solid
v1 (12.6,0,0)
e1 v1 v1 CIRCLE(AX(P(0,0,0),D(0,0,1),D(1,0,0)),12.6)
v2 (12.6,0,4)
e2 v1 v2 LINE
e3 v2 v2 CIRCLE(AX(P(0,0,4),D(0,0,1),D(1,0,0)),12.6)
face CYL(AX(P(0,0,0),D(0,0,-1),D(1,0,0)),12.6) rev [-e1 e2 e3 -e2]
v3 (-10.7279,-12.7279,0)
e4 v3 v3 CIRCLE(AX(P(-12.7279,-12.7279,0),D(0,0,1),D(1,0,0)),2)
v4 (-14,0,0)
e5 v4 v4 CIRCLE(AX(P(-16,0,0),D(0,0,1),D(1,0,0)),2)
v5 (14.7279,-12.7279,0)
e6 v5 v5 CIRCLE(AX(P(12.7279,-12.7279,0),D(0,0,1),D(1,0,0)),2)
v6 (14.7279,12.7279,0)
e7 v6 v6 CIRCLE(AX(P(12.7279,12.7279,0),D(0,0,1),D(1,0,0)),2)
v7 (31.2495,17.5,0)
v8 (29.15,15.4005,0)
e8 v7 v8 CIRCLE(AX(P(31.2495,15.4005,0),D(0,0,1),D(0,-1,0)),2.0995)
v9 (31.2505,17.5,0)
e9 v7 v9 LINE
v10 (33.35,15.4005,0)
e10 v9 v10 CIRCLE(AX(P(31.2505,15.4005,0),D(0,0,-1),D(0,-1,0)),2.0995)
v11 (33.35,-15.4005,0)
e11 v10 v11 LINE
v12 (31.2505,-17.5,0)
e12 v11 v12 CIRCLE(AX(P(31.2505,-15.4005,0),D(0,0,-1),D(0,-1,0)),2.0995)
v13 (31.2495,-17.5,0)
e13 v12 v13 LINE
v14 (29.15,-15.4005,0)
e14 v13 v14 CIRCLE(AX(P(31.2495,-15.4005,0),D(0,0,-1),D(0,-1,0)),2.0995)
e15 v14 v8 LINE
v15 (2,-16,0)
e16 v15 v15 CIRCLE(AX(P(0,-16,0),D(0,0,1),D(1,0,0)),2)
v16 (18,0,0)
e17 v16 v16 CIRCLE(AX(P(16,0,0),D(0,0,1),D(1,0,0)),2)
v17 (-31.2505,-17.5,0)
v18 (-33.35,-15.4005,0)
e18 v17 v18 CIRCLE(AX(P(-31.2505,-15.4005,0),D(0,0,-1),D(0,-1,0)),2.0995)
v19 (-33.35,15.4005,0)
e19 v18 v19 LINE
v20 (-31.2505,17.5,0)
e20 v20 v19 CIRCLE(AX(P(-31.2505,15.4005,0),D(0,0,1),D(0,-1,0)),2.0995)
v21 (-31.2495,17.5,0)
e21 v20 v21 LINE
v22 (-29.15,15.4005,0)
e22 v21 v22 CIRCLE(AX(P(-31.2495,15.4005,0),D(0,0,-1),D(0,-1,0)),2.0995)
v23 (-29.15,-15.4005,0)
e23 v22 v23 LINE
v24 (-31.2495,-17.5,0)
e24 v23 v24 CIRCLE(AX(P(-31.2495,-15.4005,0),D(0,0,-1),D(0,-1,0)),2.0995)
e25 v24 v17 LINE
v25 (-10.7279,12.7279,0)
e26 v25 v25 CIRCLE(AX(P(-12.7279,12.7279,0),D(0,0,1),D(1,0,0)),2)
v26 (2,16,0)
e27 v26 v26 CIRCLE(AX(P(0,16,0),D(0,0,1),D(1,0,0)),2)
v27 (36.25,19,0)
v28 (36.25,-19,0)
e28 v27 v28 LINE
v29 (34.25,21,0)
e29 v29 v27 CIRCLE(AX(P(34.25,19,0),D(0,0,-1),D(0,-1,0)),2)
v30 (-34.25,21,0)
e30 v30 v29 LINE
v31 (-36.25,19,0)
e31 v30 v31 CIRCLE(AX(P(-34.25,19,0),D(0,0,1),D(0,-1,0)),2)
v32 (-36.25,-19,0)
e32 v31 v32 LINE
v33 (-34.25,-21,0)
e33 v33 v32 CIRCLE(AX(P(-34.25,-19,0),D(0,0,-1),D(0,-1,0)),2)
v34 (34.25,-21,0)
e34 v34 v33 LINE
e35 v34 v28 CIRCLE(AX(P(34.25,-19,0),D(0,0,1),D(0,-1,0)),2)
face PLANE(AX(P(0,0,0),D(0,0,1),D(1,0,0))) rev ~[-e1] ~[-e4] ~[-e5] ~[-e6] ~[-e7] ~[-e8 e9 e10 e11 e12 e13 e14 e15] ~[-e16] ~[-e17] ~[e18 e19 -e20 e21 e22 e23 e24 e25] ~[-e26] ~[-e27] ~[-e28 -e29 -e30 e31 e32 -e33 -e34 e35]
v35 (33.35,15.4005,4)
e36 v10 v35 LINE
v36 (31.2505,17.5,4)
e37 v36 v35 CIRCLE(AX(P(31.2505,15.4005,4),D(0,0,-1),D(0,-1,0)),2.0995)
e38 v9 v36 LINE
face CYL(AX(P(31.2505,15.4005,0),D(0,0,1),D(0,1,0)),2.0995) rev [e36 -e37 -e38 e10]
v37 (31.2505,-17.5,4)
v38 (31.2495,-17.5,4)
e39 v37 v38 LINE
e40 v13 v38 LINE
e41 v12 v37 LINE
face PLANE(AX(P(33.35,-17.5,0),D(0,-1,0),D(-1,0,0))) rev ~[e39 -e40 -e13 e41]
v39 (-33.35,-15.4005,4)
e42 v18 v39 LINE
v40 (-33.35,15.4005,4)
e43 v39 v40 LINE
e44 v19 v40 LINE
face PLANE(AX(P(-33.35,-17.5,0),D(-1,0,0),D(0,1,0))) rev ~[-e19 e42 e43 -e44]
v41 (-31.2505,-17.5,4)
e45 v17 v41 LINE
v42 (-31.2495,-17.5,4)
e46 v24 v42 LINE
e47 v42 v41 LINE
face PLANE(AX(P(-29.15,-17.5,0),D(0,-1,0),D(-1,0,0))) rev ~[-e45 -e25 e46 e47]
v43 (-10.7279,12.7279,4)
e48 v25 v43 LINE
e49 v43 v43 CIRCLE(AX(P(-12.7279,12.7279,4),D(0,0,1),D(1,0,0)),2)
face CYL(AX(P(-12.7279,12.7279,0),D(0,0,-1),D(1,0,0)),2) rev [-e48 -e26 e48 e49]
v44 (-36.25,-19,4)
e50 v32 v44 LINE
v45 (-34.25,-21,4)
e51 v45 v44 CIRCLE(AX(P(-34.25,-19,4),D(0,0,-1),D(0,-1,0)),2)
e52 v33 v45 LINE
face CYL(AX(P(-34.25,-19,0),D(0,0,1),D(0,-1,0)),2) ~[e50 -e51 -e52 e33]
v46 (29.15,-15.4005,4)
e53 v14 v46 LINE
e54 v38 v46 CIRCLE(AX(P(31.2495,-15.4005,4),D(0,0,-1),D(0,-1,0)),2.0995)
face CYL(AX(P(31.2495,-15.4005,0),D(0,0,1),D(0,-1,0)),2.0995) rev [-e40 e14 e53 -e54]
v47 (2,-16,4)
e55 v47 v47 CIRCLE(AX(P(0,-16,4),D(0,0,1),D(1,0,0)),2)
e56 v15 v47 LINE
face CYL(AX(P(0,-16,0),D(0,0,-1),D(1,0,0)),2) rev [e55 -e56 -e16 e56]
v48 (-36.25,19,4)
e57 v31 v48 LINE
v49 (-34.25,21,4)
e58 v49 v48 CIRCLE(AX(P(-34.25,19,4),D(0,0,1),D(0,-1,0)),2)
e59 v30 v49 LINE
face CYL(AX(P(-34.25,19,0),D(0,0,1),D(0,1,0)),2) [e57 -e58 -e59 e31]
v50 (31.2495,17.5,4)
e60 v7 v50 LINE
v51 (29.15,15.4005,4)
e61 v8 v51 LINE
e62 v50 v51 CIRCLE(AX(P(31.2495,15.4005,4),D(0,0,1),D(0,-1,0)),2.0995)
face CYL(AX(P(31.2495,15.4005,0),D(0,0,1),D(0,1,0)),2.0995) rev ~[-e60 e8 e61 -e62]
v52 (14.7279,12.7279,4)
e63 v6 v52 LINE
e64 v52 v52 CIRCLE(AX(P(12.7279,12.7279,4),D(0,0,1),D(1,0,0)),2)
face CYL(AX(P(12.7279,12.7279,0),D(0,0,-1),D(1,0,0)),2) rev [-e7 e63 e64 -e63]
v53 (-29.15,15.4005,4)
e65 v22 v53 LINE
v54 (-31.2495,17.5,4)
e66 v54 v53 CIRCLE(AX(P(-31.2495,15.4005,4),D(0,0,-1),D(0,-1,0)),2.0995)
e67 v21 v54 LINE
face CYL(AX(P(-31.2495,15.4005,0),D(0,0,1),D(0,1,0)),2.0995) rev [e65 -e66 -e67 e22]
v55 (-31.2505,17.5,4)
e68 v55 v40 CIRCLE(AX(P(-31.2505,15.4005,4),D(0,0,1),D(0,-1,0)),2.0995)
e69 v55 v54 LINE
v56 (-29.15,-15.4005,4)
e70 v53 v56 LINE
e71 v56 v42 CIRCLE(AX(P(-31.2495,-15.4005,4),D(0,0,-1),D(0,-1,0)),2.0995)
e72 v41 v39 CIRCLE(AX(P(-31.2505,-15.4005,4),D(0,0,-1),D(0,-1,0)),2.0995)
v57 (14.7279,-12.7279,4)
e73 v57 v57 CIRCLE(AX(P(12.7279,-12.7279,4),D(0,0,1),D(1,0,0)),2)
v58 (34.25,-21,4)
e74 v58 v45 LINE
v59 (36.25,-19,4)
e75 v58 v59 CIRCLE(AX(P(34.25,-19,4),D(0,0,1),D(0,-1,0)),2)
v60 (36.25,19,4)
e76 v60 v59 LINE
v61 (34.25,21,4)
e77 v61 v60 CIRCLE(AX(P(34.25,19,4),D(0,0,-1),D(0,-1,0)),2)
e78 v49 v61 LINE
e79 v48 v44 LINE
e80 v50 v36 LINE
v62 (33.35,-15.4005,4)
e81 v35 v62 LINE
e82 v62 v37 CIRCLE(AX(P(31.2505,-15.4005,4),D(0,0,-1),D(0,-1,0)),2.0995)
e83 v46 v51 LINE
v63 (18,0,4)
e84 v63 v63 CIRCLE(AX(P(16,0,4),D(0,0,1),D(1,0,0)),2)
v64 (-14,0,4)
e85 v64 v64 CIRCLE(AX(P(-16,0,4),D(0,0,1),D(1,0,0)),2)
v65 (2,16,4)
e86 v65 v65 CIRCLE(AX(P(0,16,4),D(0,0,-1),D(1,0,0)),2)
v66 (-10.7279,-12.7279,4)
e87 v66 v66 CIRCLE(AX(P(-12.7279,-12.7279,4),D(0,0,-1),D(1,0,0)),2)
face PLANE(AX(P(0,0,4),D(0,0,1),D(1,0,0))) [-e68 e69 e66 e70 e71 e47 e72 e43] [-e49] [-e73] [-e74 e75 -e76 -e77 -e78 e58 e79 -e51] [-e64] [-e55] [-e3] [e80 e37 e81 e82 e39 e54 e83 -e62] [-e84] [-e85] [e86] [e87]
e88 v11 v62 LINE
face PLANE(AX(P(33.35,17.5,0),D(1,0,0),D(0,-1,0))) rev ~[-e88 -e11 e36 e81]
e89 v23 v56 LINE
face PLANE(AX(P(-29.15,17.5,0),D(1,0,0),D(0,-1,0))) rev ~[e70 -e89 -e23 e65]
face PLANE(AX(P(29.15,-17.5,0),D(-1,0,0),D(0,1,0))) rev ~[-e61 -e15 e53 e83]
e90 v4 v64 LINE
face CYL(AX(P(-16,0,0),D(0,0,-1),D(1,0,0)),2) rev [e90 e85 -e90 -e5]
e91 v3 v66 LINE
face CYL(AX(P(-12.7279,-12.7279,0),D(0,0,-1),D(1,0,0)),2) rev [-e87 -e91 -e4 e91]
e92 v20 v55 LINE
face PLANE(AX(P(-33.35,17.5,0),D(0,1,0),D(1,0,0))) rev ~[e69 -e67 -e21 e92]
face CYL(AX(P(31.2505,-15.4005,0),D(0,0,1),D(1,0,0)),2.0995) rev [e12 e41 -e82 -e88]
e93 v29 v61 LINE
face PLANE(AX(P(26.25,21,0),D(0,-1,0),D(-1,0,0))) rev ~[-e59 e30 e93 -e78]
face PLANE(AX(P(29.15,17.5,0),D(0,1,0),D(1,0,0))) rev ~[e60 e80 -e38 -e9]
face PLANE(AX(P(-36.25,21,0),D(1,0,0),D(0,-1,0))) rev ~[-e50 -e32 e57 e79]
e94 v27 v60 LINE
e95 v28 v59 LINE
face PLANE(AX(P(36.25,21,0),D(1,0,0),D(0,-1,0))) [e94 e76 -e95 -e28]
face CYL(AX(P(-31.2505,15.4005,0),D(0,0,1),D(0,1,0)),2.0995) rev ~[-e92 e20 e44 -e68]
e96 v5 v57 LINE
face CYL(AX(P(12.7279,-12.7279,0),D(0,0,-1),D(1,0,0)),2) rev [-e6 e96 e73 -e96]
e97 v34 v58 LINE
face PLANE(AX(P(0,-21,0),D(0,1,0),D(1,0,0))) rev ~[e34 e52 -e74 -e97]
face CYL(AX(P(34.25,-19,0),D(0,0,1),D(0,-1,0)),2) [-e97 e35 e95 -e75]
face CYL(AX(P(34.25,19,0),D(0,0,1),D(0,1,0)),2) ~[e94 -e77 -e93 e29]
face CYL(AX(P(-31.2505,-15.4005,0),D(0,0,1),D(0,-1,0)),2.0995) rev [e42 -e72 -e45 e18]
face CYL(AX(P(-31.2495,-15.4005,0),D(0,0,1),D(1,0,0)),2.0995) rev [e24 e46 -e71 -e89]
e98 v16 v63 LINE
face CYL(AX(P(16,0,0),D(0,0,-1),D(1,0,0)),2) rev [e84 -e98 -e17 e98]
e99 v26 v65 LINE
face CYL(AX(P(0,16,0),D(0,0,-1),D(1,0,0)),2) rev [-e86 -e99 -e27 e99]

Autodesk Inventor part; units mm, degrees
ref_plane "YZ Plane" through (0, 0, 0) normal (1, 0, 0) x (0, 1, 0)
ref_plane "XZ Plane" through (0, 0, 0) normal (0, 1, 0) x (-1, 0, 0)
ref_plane "XY Plane" through (0, 0, 0) normal (0, 0, 1) x (1, 0, 0)
sketch "Sketch1" plane through (0, 0, 0) normal (0, 0, 1) x (1, 0, 0)
  circle A0 centre (0, 0) radius 21
  circle A1 centre (16, 0) radius 2
  circle A2 centre (0, 16) radius 2
  circle A3 centre (-16, 0) radius 2
  circle A4 centre (0, -16) radius 2
  line L0 (-14.8492, -14.8492) -> (14.8492, 14.8492)
  line L1 (0, -21) -> (0, 21)
  circle A5 centre (11.3137, 11.3137) radius 1.5
  circle A6 centre (0, 0) radius 12.6
  line L2 (-36.25, -21) -> (36.25, -21)
  line L3 (36.25, 21) -> (-36.25, 21)
  line L4 (-21, -21) -> (21, 21) construction
  line L5 (21, -21) -> (-21, 21) construction
  line L6 (-36.25, 21) -> (-36.25, -21)
  line L7 (36.25, 21) -> (36.25, -21)
  line L8 (-33.35, 17.5) -> (-29.15, 17.5)
  line L9 (-29.15, 17.5) -> (-29.15, -17.5)
  line L10 (-29.15, -17.5) -> (-33.35, -17.5)
  line L11 (-33.35, -17.5) -> (-33.35, 17.5)
  line L12 (-33.35, 17.5) -> (-29.15, -17.5) construction
  line L13 (-29.15, 17.5) -> (-33.35, -17.5) construction
  line L14 (29.15, 17.5) -> (33.35, 17.5)
  line L15 (33.35, 17.5) -> (33.35, -17.5)
  line L16 (33.35, -17.5) -> (29.15, -17.5)
  line L17 (29.15, -17.5) -> (29.15, 17.5)
  line L18 (29.15, 17.5) -> (33.35, -17.5) construction
  line L19 (33.35, 17.5) -> (29.15, -17.5) construction
  line L20 (-26.25, 21) -> (-26.25, -21)
  line L21 (26.25, 21) -> (26.25, -21)
  circle A7 centre (-12.7279, -12.7279) radius 1.621 projected
  circle A8 centre (0, 0) radius 12.5 projected
  circle A9 centre (-12.7279, -12.7279) radius 2 projected
  circle A10 centre (12.7279, 12.7279) radius 2 projected
  circle A11 centre (-12.7279, 12.7279) radius 2 projected
  circle A12 centre (12.7279, -12.7279) radius 2 projected
  circle A13 centre (16, 0) radius 1.6 projected
  circle A14 centre (-16, 0) radius 1.6 projected
  circle A15 centre (0, 16) radius 1.6 projected
  circle A16 centre (0, -16) radius 1.6 projected
  circle A17 centre (0, 0) radius 20.7 projected
  point P0 (-18.984, 8.9782)
  point P1 (-18.984, -8.9782)
  point P2 (-31.25, 0)
  point P3 (31.25, 0)
  point P4 (-31.25, 0)
  point P5 (31.25, 0)
  point P6 (31.25, 0)
  point P7 (31.25, 21)
  point P8 (-31.25, 0)
  point P9 (-31.25, 21)
  point P10 (31.25, 21)
  point P11 (0, 21)
  point P12 (0, -21)
  dimension "d0" = 42
  dimension "d1" = 4
  dimension "d5" = 16
  dimension "d8" = 360
  dimension "d10" = 45
  dimension "d11" = 3
  dimension "d12" = 16
  dimension "d19" = 25.2
  dimension "d31" = 4.2
  dimension "d32" = 35
  dimension "d33" = 4.2
  dimension "d38" = 5
  dimension "d39" = 5
  dimension "d40" = 72.5
  dimension "d41" = 10
  dimension "d42" = 10
extrude "Extrusion1" add sketch "Sketch1" along normal blind 4 contours A0 L1 A17 L0 | A0 L3 L21 L2 | L0 A17 L1 A0 | L2 L20 L3 A0 | A0 L0 A17 L1 | L1 A17 L0 A0 | A17 L1 A4 A6 L0 A5 A10 | L0 A10 A5 A6 L1 A2 A17 | A17 L0 A9 A6 L1 A4 | L2 L6 L3 L20 | L21 L3 L7 L2 | L1 A2 A6 L0 A9 A17 | A10 L0 A5 | A10 A5 L0 picked at (10.8037, 11.1549) picked at (11.1549, 10.8037)
fillet "Fillet1" radius 2 4 edges at (-36.25, 21, 2) (-36.25, -21, 2) (36.25, -21, 2) (36.25, 21, 2)
fillet "Fillet2" radius 2.1 8 edges at (33.35, -17.5, 2) (29.15, -17.5, 2) (29.15, 17.5, 2) (33.35, 17.5, 2) (-33.35, 17.5, 2) (-29.15, 17.5, 2) (-29.15, -17.5, 2) (-33.35, -17.5, 2)
equation "\"d39\" = d38"
equation "\"d42\" = d41"
properties part number "mounting plate stepper motor base 4 mm" material "Aluminum 6061"
